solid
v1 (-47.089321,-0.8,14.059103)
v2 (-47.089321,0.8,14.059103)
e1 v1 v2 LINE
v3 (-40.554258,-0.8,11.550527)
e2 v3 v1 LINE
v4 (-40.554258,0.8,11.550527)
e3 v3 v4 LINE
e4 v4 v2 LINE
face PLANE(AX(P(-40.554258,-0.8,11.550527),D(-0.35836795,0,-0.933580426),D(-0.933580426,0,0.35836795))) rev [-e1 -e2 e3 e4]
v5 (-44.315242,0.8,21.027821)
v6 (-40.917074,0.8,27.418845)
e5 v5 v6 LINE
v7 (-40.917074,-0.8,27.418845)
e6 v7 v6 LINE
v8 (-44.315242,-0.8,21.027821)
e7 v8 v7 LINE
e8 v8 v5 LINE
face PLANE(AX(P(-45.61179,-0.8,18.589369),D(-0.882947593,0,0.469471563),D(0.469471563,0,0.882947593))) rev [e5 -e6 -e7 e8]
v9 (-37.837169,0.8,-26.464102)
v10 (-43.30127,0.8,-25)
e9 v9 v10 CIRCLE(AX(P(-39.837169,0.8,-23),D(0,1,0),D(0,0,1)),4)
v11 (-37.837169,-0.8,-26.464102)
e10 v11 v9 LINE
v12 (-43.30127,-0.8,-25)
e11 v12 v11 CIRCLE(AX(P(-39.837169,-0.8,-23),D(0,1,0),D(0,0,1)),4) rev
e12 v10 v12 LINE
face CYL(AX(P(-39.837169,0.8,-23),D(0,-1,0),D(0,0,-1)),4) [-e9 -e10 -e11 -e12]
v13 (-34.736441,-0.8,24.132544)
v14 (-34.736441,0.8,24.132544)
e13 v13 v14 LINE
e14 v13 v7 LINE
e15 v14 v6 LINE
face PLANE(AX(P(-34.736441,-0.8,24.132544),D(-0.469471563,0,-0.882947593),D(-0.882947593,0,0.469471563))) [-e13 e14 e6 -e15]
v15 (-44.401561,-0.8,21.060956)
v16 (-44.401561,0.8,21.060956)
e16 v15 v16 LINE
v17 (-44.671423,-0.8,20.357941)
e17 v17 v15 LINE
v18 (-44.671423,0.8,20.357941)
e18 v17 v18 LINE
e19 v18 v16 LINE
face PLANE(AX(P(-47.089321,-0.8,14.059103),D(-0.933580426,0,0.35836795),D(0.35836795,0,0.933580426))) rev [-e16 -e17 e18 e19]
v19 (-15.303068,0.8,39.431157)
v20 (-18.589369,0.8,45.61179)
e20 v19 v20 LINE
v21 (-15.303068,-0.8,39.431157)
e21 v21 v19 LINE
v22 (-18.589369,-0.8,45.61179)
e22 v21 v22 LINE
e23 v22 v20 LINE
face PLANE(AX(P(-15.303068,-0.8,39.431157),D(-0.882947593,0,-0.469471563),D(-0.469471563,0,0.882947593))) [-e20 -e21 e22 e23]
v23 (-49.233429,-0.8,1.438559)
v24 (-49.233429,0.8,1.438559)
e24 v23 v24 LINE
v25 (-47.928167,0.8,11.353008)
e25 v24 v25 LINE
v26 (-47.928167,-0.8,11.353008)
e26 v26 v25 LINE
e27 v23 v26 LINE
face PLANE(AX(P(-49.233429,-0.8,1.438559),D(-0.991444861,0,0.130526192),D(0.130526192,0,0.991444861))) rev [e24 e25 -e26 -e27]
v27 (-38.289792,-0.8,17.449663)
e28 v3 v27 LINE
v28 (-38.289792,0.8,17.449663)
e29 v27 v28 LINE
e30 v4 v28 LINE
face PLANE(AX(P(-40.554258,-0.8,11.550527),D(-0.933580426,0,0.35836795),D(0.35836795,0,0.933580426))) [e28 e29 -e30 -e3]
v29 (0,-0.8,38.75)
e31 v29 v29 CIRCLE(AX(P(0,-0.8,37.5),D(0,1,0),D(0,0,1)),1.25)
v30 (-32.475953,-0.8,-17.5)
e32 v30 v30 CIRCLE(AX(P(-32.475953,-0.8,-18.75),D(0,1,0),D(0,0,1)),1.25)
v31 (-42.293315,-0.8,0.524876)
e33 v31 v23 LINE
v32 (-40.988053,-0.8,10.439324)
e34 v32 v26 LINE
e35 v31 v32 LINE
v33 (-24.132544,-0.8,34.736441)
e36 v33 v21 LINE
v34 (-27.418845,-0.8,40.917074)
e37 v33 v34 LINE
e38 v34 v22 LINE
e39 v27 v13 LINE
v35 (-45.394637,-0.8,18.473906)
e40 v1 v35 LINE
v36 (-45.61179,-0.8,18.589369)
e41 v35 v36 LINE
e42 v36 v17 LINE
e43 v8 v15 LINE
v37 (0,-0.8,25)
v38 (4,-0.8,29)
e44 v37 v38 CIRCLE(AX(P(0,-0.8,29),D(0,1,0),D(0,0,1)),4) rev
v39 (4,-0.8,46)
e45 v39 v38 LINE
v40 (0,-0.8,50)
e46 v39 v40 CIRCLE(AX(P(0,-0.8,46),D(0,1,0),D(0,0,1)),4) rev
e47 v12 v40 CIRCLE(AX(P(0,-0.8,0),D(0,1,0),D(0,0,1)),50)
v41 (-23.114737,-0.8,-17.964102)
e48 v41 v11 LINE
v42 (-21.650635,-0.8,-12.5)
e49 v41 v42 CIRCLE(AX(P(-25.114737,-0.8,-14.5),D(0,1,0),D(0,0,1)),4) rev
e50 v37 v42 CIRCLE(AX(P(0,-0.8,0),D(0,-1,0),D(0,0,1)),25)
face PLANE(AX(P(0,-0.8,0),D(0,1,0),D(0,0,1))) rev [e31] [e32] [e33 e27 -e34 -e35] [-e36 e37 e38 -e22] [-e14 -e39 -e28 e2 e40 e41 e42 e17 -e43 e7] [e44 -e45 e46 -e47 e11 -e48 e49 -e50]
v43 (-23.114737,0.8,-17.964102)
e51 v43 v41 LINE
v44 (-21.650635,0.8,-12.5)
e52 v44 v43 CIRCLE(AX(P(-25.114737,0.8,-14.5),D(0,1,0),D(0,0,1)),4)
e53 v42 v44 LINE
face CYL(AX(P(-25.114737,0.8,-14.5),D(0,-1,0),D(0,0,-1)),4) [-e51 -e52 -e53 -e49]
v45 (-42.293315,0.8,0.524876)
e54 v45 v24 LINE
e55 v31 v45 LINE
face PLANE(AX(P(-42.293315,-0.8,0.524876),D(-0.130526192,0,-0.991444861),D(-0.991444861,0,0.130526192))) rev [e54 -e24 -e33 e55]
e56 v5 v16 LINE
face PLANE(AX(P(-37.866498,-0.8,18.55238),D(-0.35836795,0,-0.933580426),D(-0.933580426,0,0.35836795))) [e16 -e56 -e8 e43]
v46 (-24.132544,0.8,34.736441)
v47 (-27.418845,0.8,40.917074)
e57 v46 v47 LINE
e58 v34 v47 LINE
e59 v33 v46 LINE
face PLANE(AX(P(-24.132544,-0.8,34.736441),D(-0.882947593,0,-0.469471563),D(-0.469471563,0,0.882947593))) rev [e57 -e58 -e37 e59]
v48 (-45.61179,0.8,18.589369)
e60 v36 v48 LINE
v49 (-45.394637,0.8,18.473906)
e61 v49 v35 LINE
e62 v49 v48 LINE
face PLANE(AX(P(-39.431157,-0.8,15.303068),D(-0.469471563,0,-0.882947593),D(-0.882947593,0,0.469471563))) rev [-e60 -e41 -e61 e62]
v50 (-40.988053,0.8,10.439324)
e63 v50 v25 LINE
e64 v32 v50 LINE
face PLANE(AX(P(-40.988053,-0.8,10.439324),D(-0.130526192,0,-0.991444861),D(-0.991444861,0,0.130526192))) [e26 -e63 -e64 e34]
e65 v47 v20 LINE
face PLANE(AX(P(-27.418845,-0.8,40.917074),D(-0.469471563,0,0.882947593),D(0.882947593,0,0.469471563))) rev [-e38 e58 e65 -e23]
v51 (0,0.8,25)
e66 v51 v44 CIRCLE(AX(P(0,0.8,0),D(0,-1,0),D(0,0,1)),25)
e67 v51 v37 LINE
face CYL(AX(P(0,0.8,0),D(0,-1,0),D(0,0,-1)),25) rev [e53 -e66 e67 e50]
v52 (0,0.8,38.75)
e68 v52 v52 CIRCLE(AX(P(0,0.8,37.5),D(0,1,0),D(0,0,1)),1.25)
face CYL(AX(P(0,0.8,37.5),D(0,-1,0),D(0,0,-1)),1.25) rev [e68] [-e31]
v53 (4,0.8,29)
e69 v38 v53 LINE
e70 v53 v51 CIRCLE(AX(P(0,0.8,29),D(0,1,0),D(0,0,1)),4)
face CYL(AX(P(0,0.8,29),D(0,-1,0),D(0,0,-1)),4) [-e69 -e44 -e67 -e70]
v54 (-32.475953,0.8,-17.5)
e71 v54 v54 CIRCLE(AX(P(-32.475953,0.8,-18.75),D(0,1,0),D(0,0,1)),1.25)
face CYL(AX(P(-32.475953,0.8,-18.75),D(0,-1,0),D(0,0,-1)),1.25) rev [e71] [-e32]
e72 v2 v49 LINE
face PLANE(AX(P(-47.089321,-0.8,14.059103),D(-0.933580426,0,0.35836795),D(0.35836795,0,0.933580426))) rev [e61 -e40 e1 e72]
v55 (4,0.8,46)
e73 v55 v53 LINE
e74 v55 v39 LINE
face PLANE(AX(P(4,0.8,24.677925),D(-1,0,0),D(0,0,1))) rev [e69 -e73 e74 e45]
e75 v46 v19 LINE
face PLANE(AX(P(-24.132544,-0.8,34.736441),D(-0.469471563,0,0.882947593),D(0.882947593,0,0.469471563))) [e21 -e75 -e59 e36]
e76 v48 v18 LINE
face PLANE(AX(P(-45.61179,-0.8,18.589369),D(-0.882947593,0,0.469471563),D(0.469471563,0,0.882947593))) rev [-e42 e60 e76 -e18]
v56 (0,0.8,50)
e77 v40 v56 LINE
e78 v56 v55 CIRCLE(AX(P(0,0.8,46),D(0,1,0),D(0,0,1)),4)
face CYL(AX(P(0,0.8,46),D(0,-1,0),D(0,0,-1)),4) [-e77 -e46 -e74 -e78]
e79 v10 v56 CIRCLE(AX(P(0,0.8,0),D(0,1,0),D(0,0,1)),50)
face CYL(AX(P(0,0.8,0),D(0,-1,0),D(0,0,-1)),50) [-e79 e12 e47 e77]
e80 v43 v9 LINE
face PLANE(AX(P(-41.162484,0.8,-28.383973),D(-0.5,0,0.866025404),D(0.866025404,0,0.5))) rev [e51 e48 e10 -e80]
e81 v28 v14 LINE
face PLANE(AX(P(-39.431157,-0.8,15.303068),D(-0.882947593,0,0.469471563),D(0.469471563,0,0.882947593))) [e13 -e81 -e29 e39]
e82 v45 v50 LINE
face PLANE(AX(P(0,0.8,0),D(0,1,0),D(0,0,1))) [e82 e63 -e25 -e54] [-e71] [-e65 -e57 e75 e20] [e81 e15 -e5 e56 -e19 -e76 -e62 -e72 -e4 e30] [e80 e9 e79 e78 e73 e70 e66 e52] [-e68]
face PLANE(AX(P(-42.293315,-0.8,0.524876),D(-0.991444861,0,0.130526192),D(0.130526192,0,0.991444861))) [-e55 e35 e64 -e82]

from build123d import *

# Parameters (mm, degrees)
SKETCH3_R               = 1.25
BOSS_EXTRUDE2_DEPTH     = 0.8
CUT_EXTRUDE1_DEPTH      = 1.8
CUT_EXTRUDE1_DEPTH_BACK = 1.8
FILLET1_R               = 4


with BuildPart() as part:
    # Sketch3 → Boss-Extrude2 (new body, symmetric)
    with BuildSketch(Plane(origin=(0, 0, 0), x_dir=(1, 0, 0), z_dir=(0, 1, 0))):
        with BuildLine():
            Line((-41.16248371, 28.383973204), (-19.371710273, 15.803064294))
            ThreePointArc((-19.371710273, 15.803064294), (-21.650635095, -12.5), (4, -24.677925359))
            Line((4, -24.677925359), (4, -49.839743178))
            ThreePointArc((4, -49.839743178), (-43.301270189, -25), (-41.16248371, 28.383973204))
        make_face()
        with Locations((-32.475952642, 18.75)):
            Circle(SKETCH3_R, mode=Mode.SUBTRACT)
        with Locations((0, -37.5)):
            Circle(SKETCH3_R, mode=Mode.SUBTRACT)
    extrude(amount=BOSS_EXTRUDE2_DEPTH, both=True)

    # Sketch4 → Cut-Extrude1 (cut, two sides)
    with BuildSketch(Plane(origin=(0, 0, 0), x_dir=(1, 0, 0), z_dir=(0, 1, 0))) as cut_extrude1_sk:
        Polygon((-24.132543601, -34.736441086), (-15.303067673, -39.431156714), (-18.589368612, -45.611789864), (-27.418844541, -40.917074236), align=None)
        Polygon((-39.431156714, -15.303067673), (-34.736441086, -24.132543601), (-40.917074236, -27.418844541), (-45.611789864, -18.589368612), align=None)
        Polygon((-40.554257724, -11.550527282), (-37.866498102, -18.55238048), (-44.401561088, -21.060956127), (-47.089320709, -14.059102928), align=None)
        Polygon((-42.293315139, -0.524875766), (-40.988053217, -10.43932438), (-47.928167246, -11.353007726), (-49.233429168, -1.438559112), align=None)
    extrude(amount=CUT_EXTRUDE1_DEPTH, mode=Mode.SUBTRACT)
    extrude(cut_extrude1_sk.sketch, amount=-CUT_EXTRUDE1_DEPTH_BACK, mode=Mode.SUBTRACT)

    # Fillet1
    fillet1_edges = [part.edges().sort_by_distance(p)[0] for p in [
        (-41.16248371, 0, -28.383973204),
        (-19.371710273, 0, -15.803064294),
        (4, 0, 24.677925359),
        (4, 0, 49.839743178),
    ]]
    fillet(fillet1_edges, radius=FILLET1_R)


solid = part.part
